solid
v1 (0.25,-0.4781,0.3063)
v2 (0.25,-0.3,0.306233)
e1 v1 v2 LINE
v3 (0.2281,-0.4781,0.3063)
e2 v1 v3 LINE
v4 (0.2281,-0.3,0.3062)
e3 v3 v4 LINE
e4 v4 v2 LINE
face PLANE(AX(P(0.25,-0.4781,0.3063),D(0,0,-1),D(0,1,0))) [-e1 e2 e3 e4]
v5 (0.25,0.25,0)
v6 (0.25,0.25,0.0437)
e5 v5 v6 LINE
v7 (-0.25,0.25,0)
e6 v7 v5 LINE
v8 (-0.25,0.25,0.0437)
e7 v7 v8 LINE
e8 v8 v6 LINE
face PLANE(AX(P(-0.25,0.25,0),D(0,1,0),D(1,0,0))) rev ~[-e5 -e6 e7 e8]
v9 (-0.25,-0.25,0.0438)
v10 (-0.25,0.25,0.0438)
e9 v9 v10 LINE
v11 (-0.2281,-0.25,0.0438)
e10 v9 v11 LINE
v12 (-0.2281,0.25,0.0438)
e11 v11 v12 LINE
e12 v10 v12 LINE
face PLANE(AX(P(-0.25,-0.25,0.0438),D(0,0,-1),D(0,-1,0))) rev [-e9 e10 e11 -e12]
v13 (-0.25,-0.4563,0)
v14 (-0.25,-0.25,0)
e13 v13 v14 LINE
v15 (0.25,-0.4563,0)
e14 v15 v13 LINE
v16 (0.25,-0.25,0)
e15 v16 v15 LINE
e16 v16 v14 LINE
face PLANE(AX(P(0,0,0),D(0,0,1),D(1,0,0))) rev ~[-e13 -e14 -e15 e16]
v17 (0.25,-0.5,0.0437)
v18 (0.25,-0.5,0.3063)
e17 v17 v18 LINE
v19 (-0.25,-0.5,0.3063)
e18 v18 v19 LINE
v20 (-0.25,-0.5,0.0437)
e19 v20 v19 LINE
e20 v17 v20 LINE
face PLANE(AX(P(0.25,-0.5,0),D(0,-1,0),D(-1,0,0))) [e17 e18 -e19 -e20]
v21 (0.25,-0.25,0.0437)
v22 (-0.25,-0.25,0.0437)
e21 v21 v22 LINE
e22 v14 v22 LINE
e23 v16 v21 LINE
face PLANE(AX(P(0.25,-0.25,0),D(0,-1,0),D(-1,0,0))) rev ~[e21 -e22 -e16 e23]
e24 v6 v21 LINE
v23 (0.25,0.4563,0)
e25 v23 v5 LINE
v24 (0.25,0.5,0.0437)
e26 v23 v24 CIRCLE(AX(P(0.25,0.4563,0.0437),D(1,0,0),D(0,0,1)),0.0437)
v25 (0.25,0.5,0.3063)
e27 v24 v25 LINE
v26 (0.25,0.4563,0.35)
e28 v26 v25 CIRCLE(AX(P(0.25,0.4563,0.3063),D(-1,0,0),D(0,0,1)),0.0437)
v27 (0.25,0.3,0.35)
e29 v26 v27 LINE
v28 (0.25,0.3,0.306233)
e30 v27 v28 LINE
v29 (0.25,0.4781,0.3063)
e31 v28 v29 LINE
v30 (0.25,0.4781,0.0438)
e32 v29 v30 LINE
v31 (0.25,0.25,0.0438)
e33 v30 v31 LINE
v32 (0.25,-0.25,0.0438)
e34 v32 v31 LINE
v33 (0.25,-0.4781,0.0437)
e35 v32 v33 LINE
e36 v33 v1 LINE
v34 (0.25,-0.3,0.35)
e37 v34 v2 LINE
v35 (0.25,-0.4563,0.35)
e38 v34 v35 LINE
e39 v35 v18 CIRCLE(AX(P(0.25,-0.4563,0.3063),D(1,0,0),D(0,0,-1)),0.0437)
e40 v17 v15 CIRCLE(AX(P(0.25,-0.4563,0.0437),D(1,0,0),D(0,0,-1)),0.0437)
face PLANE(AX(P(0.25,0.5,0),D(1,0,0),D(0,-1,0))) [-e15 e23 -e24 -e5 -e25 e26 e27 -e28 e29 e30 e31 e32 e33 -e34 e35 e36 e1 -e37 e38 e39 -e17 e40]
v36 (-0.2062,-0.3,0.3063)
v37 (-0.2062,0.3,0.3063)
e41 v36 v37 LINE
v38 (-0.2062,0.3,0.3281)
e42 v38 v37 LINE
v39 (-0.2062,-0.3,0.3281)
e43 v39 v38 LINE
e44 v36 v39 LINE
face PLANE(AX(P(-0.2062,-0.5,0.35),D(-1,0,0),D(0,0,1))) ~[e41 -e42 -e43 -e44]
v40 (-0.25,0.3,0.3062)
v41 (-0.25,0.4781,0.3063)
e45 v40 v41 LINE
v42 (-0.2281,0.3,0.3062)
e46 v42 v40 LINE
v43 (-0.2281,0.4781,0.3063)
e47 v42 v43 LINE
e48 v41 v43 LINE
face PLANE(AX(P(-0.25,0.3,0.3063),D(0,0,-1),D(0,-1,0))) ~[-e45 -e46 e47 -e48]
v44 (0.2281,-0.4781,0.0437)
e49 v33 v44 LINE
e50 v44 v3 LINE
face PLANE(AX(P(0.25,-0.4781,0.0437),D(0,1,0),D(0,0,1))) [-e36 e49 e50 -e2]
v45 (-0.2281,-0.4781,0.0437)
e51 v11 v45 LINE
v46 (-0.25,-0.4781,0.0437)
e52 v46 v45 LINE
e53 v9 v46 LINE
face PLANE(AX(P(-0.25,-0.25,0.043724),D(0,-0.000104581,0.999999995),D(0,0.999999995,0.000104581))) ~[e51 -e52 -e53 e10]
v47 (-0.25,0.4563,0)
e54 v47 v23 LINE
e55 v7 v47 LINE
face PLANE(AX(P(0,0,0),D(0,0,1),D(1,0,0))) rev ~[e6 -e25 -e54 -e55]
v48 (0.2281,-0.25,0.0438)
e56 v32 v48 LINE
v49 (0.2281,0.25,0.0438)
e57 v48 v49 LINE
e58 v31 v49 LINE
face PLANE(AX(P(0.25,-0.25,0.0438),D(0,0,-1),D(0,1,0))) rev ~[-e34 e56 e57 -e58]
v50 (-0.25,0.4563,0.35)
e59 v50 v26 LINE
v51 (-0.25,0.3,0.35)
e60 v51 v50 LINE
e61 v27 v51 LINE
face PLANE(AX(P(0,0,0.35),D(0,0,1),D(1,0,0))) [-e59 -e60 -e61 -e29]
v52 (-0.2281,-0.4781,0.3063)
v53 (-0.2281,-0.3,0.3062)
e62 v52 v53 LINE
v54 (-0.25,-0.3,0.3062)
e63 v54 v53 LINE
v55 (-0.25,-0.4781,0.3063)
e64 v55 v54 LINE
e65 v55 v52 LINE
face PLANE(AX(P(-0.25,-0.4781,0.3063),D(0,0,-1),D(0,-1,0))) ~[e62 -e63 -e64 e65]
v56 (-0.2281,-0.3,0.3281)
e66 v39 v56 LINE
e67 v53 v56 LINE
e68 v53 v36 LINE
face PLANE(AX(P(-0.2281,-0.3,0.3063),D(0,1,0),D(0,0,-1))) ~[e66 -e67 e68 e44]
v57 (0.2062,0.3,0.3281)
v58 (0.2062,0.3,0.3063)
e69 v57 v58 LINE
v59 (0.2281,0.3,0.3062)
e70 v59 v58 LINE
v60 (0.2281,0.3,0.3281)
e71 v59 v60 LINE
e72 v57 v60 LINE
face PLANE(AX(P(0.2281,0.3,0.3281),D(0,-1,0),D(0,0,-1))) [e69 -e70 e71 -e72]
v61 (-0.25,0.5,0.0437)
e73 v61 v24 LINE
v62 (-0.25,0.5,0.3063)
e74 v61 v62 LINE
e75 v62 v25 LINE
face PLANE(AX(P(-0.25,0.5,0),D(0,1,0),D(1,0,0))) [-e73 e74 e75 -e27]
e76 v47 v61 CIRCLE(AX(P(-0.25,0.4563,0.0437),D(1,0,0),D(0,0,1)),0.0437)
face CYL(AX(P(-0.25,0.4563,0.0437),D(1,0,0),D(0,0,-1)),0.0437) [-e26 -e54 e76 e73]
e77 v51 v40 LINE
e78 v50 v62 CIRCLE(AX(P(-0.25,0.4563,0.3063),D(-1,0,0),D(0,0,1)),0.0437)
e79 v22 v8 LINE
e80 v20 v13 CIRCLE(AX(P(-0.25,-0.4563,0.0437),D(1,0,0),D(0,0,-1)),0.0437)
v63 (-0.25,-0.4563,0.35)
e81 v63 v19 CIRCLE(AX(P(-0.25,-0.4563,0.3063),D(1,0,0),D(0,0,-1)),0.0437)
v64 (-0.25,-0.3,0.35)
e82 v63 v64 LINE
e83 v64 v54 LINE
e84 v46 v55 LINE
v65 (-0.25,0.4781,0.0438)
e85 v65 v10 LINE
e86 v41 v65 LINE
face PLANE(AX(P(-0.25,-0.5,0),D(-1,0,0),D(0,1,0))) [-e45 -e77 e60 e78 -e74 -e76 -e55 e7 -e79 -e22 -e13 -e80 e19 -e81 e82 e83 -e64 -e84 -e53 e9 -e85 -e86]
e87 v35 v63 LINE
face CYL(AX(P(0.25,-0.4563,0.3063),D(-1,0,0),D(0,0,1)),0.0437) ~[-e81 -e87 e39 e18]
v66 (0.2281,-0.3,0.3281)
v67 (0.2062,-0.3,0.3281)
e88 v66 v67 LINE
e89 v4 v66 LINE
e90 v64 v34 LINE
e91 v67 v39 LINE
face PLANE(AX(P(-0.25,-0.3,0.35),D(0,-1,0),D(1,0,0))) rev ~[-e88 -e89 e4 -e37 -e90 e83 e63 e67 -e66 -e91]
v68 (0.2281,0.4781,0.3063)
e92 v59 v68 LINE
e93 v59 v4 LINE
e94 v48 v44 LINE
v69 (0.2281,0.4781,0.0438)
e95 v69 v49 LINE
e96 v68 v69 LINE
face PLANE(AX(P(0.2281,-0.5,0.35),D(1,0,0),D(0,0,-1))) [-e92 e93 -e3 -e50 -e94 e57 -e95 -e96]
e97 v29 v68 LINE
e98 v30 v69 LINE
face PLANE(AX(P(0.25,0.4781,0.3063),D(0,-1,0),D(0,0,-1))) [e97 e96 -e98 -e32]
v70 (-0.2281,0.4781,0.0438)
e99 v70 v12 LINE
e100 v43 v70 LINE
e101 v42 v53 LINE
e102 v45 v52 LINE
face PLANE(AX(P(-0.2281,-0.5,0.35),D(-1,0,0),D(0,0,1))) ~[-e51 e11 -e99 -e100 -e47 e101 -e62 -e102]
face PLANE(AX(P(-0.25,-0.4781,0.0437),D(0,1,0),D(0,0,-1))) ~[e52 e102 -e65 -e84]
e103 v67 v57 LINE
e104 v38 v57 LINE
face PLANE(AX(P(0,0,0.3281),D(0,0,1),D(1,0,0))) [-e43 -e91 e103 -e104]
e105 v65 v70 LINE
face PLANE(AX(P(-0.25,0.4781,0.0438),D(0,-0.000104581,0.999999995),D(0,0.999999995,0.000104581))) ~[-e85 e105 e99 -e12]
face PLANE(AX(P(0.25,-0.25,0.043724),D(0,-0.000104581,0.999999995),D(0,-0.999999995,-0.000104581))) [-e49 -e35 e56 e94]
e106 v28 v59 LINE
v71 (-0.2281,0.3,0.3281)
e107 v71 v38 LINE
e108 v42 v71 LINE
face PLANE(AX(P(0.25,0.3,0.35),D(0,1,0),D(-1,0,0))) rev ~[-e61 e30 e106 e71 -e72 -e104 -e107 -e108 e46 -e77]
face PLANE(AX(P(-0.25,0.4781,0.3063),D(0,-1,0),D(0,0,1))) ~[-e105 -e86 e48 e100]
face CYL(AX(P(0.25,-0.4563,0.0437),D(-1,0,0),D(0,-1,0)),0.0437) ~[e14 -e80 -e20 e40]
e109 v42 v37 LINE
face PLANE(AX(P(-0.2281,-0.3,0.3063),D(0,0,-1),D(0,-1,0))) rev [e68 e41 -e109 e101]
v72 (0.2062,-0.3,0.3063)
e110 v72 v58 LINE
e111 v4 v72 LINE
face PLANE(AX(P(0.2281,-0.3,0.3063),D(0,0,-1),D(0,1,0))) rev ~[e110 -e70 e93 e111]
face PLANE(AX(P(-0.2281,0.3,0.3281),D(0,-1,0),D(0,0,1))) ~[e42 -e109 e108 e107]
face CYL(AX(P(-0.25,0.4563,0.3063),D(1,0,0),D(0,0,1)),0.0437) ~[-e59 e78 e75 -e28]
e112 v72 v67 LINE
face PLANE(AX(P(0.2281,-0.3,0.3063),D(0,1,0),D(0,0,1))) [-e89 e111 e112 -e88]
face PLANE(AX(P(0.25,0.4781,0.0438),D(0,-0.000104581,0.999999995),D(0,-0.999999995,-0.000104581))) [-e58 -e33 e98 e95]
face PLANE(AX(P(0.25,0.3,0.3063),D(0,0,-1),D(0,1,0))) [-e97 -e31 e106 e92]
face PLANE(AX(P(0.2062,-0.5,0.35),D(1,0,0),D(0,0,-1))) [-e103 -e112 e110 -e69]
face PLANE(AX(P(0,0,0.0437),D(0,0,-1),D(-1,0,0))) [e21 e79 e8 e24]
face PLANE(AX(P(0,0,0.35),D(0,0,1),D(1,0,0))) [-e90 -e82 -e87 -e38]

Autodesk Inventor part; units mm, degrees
ref_plane "YZ Plane" through (0, 0, 0) normal (1, 0, 0) x (0, 1, 0)
ref_plane "XZ Plane" through (0, 0, 0) normal (0, 1, 0) x (-1, 0, 0)
ref_plane "XY Plane" through (0, 0, 0) normal (0, 0, 1) x (1, 0, 0)
sketch "Sketch1" plane through (0, 0, 0) normal (0, 0, 1) x (1, 0, 0)
  line L0 (0.25, -0.5) -> (-0.25, -0.5)
  line L1 (-0.25, -0.5) -> (-0.25, 0.5)
  line L2 (-0.25, 0.5) -> (0.25, 0.5)
  line L3 (0.25, 0.5) -> (0.25, -0.5)
  line L4 (0.25, -0.5) -> (-0.25, 0.5) construction
  line L5 (-0.25, -0.5) -> (0.25, 0.5) construction
  point P0 (0, 0)
  dimension "d0" = 0.5
  dimension "d1" = 1
extrude "Extrusion1" add sketch "Sketch1" along normal blind 0.35
sketch "Sketch2" plane through (0, 0, 0) normal (0, 0, -1) x (-1, 0, 0)
  line L0 (-0.25, -0.5) -> (0.25, -0.5) projected
  line L1 (0.25, -0.5) -> (0.25, 0.5) projected
  line L2 (0.25, 0.5) -> (-0.25, 0.5) projected
  line L3 (-0.25, 0.5) -> (-0.25, -0.5) projected
  line L4 (-0.25, -0.25) -> (0.25, -0.25)
  line L5 (0.25, 0.5) -> (0.25, -0.5) projected
  line L6 (0.25, 0.25) -> (-0.25, 0.25)
  point P0 (0, 0)
  dimension "d4" = 0.25
  dimension "d5" = 0.25
extrude "Extrusion2" cut sketch "Sketch2" against normal blind 0.0437 contours L3 L6 L1 L4
sketch "Sketch3" plane through (0, 0, 0.35) normal (0, 0, 1) x (1, 0, 0)
  line L0 (-0.25, -0.5) -> (0.25, -0.5) projected
  line L1 (0.25, -0.5) -> (0.25, 0.5) projected
  line L2 (0.25, 0.5) -> (-0.25, 0.5) projected
  line L3 (-0.25, 0.5) -> (-0.25, -0.5) projected
  line L4 (-0.25, 0.25) -> (-0.25, -0.25) projected
  line L5 (-0.25, -0.5) -> (-0.25, 0.5) projected
  line L6 (0.25, 0.5) -> (-0.25, 0.5) projected
  line L7 (0.25, 0.3) -> (-0.25, 0.3)
  line L8 (-0.25, 0.3) -> (-0.25, -0.3)
  line L9 (-0.25, -0.3) -> (0.25, -0.3)
  line L10 (0.25, -0.3) -> (0.25, 0.3)
  line L11 (0.25, 0.3) -> (-0.25, -0.3) construction
  line L12 (-0.25, 0.3) -> (0.25, -0.3) construction
  point P0 (0, 0)
  dimension "d22" = 0.2
extrude "Extrusion7" cut sketch "Sketch3" against normal blind 0.0437 contours L3 L7 L1 L9
sketch "Sketch4" plane through (0.25, -0.5, 0.35) normal (1, 0, 0) x (0, 0, -1)
  line L0 (0, 0) -> (0, 0.2) projected
  line L1 (0.35, 0) -> (0, 0) projected
  line L2 (0.35, 0.25) -> (0.35, 0) projected
  line L3 (0.35, 1) -> (0, 1) projected
  line L4 (0.35, 0.25) -> (0.3062, 0.25) projected
  line L5 (0.3062, 0.25) -> (0.3062, 0.75) projected
  line L6 (0.3062, 0.75) -> (0.35, 0.75) projected
  line L7 (0.35, 1) -> (0.35, 0.75) projected
  line L8 (0.0438, 0.2) -> (0, 0.2) projected
  line L9 (0, 0.8) -> (0.0438, 0.8) projected
  line L10 (0.0438, 0.8) -> (0.0438, 0.2) projected
  line L11 (0.3063, 0.0219) -> (0.0437, 0.0219)
  line L12 (0.0437, 0.0219) -> (0.0437, 0.9781)
  line L13 (0.0437, 0.9781) -> (0.3062, 0.9781)
  line L14 (0.3062, 0.9781) -> (0.3063, 0.0219)
  line L15 (0.3063, 0.0219) -> (0.0437, 0.9781) construction
  line L16 (0.0437, 0.0219) -> (0.3062, 0.9781) construction
  line L17 (0, 0.8) -> (0, 1) projected
  point P0 (0.175, 0.5)
  dimension "d25" = 0.0219
  dimension "d26" = 0.0219
extrude "Extrusion8" cut sketch "Sketch4" against normal blind 0.0219 contours L10 L12 L13 L14 L5 L11
mirror "Mirror1" about plane through (0, 0, 0) normal (1, 0, 0) of "Extrusion8"
sketch "Sketch7" plane through (0, 0, 0.3062) normal (0, 0, 1) x (1, 0, 0)
  line L0 (-0.2281, 0.3) -> (-0.2281, -0.3) projected
  line L1 (0.2281, -0.3) -> (-0.2281, -0.3) projected
  line L2 (0.2281, -0.3) -> (0.2281, 0.3) projected
  line L3 (-0.2281, 0.3) -> (0.2281, 0.3) projected
  point P0 (0, 0)
extrude "Extrusion9" add sketch "Sketch7" along normal blind 0.0219
sketch "Sketch8" plane through (0.2281, -0.5, 0.35) normal (1, 0, 0) x (0, 0, -1)
  line L0 (0.3063, 0.0219) -> (0.0437, 0.0219) projected
  line L1 (0.3063, 0.25) -> (0.3063, 0.0219) projected
  line L2 (0.3063, 0.75) -> (0.3063, 0.25) projected
  line L3 (0.3062, 0.9781) -> (0.3063, 0.75) projected
  line L4 (0.0437, 0.9781) -> (0.3062, 0.9781) projected
  line L5 (0.0437, 0.8) -> (0.0437, 0.9781) projected
  line L6 (0.0219, 0.8) -> (0.0437, 0.8) projected
  line L7 (0.0219, 0.2) -> (0.0219, 0.8) projected
  line L8 (0.0437, 0.2) -> (0.0219, 0.2) projected
  line L9 (0.0437, 0.0219) -> (0.0437, 0.2) projected
  line L10 (0.0437, 0.2) -> (0.0437, 0.8)
  point P0 (0.35, 0.5)
extrude "Extrusion10" cut sketch "Sketch8" against normal blind 0.0219 contours L8 L7 L6 L10
mirror "Mirror2" about plane through (0, 0, 0) normal (1, 0, 0) of "Extrusion10"
fillet "Fillet1" radius 0.0437 4 edges at (0, -0.5, 0.35) (0, 0.5, 0.35) (0, 0.5, 0) (0, -0.5, 0)
equation "\"d0\" = width"
equation "\"d1\" = length"
equation "\"d2\" = height"
equation "\"d4\" = i2"
equation "\"d5\" = i2"
equation "\"d6\" = 0.125 * height"
equation "\"d22\" = i1"
equation "\"d23\" = 0.125 * height"
equation "\"d25\" = 0.0625 * height"
equation "\"d26\" = 0.0625 * height"
equation "\"d27\" = 0.0625 * height"
equation "\"d29\" = 0.0625 * height"
equation "\"d31\" = 0.0625 * height"
equation "\"d21\" = 0.125 * height"
equation "\"length\" = 1"
equation "\"width\" = 0.5"
equation "\"height\" = 0.35"
equation "\"i1\" = 0.2"
equation "\"i2\" = 0.25"
properties part number "RC0402" material "ABS Plastic"
